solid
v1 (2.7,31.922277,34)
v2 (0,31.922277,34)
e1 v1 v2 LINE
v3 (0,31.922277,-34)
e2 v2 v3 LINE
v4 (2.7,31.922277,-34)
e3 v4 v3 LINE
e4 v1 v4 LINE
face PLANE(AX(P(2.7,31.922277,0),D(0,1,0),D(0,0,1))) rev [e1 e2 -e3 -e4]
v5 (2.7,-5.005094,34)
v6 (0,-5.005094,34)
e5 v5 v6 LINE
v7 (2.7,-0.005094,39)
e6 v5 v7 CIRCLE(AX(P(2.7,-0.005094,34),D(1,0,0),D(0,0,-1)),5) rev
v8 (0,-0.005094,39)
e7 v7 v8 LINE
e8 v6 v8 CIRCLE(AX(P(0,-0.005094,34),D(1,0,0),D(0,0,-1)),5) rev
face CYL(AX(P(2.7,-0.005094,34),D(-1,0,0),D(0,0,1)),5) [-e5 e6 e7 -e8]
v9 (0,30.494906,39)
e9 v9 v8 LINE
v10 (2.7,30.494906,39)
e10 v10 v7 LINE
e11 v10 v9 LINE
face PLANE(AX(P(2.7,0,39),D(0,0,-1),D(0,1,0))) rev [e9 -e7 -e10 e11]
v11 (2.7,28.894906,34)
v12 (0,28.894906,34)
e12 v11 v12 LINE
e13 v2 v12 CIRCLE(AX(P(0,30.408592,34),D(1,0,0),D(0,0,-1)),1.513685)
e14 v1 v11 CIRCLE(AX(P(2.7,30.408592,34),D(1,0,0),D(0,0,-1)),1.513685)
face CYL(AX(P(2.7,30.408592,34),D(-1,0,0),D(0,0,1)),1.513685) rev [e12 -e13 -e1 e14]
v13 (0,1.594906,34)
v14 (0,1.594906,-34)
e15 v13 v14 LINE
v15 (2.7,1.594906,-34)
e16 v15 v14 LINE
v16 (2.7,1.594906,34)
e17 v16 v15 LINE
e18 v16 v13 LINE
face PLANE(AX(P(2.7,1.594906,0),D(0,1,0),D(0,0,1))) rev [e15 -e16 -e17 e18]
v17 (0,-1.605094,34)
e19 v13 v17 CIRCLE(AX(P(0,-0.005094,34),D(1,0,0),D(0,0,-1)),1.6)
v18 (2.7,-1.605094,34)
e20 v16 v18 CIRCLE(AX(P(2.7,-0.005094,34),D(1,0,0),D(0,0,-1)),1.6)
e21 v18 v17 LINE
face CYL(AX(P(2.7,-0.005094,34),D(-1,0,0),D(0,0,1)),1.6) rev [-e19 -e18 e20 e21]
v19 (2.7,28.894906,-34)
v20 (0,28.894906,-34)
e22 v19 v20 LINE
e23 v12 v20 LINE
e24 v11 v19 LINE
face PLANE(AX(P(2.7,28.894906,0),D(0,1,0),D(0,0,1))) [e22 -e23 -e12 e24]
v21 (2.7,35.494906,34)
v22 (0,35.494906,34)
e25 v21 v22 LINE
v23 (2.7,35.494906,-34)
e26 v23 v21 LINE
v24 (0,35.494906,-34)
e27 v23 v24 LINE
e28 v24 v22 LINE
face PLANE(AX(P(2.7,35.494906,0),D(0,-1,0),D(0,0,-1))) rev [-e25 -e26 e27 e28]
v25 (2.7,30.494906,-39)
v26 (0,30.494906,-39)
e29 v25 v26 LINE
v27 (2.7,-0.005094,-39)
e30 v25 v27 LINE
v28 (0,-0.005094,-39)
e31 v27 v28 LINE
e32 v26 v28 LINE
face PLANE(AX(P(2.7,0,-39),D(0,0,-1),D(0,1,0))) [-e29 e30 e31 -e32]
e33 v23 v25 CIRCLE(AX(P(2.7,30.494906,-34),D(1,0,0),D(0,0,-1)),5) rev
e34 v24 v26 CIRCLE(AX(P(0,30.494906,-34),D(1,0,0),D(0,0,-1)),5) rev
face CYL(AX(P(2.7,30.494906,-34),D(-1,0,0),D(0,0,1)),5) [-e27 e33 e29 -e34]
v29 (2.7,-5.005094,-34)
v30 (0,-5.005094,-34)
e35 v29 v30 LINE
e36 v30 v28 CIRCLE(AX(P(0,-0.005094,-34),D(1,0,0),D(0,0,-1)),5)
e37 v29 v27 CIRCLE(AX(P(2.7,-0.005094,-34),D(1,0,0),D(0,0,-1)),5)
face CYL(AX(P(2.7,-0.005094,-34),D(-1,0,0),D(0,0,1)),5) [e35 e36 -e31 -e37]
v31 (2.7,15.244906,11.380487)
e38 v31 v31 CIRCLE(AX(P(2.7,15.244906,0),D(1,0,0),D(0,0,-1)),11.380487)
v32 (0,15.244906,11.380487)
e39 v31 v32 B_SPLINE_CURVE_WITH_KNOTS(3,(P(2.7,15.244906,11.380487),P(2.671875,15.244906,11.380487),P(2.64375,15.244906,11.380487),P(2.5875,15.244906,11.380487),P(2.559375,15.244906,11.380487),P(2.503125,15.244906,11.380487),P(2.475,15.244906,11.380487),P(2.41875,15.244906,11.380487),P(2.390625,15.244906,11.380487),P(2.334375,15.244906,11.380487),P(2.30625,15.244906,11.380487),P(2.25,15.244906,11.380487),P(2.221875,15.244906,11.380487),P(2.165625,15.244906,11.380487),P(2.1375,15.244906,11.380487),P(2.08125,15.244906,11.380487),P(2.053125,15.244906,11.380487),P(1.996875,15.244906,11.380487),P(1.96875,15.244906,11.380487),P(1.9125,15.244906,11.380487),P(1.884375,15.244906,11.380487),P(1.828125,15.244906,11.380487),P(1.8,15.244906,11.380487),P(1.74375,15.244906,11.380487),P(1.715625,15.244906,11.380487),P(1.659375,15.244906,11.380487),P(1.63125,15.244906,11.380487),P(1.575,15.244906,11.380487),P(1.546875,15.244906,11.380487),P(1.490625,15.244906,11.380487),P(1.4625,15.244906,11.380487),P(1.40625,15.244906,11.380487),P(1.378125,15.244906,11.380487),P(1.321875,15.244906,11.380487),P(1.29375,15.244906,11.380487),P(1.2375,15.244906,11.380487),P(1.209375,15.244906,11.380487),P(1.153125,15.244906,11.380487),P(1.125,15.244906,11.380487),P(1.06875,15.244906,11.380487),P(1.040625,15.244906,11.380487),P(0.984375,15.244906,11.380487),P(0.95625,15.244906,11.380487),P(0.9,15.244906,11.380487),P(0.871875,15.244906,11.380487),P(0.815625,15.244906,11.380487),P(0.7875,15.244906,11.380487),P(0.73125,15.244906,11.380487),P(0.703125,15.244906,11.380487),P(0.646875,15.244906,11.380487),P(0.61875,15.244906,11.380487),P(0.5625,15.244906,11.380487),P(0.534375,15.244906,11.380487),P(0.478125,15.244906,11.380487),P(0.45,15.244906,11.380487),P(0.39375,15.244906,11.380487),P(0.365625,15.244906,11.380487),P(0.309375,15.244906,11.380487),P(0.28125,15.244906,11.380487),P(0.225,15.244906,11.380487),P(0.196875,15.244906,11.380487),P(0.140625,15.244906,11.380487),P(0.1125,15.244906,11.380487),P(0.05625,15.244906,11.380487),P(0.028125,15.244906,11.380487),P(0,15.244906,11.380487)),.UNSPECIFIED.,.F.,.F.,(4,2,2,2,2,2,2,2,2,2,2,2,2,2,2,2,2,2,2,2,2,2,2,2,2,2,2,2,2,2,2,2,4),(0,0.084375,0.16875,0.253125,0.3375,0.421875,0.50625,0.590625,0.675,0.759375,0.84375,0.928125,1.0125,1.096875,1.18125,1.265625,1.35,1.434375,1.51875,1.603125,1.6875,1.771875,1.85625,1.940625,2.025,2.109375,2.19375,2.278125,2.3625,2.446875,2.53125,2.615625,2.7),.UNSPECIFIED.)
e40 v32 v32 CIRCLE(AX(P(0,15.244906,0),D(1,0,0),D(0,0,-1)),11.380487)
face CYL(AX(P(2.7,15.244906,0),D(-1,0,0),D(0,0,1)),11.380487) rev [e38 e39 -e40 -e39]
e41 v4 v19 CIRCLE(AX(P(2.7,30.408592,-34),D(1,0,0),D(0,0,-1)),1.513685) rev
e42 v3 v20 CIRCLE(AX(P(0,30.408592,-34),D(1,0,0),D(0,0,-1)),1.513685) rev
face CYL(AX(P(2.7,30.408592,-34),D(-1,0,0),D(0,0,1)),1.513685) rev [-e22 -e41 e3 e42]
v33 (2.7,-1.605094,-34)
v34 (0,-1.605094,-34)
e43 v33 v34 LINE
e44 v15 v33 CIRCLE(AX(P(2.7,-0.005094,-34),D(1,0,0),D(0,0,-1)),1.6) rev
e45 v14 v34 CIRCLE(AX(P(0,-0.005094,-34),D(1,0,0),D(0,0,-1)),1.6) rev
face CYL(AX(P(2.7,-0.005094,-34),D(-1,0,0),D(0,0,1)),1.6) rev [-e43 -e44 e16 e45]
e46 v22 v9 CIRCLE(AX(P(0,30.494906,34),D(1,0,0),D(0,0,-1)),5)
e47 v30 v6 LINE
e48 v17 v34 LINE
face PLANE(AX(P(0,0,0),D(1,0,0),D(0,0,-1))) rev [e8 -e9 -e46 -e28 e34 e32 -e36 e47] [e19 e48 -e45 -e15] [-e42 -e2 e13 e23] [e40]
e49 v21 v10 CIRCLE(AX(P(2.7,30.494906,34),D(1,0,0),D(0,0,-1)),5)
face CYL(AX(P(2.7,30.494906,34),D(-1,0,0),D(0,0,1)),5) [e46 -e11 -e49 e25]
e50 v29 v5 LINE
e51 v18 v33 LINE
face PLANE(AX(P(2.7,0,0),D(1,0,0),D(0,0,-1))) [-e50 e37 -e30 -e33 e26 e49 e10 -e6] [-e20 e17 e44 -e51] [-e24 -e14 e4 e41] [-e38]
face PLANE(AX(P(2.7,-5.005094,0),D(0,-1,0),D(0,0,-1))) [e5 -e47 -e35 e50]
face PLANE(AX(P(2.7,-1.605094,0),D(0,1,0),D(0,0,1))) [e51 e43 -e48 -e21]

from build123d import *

# Parameters (mm, degrees)
SKETCH_1_R      = 11.380487233
EXTRUDE_1_DEPTH = 2.7


with BuildPart() as part:
    # 草图1 → 凸台-拉伸1 (new body)
    with BuildSketch(Plane(origin=(0, 0, 0), x_dir=(0, 0, -1), z_dir=(1, 0, 0))):
        with BuildLine():
            Line((34, -5.005093632), (-34, -5.005093632))
            ThreePointArc((-34, -5.005093632), (-37.535533906, -3.540627537), (-39, -0.005093632))
            Line((-39, -0.005093632), (-39, 30.494906368))
            ThreePointArc((-39, 30.494906368), (-37.535533906, 34.030440274), (-34, 35.494906368))
            Line((-34, 35.494906368), (34, 35.494906368))
            ThreePointArc((34, 35.494906368), (37.535533906, 34.030440274), (39, 30.494906368))
            Line((39, 30.494906368), (39, -0.005093632))
            ThreePointArc((39, -0.005093632), (37.535533906, -3.540627537), (34, -5.005093632))
        make_face()
        with Locations(Location((0, 15.244906368, 0), (0, 0, 180))):
            Circle(SKETCH_1_R, mode=Mode.SUBTRACT)
        with BuildLine():
            Line((0, 1.594906368), (34, 1.594906368))
            ThreePointArc((34, 1.594906368), (35.6, -0.005093632), (34, -1.605093632))
            Line((34, -1.605093632), (0, -1.605093632))
            Line((0, -1.605093632), (-34, -1.605093632))
            ThreePointArc((-34, -1.605093632), (-35.6, -0.005093632), (-34, 1.594906368))
            Line((-34, 1.594906368), (0, 1.594906368))
        make_face(mode=Mode.SUBTRACT)
        with BuildLine():
            Line((0, 31.922276961), (34, 31.922276961))
            ThreePointArc((34, 31.922276961), (35.513685296, 30.408591665), (34, 28.894906368))
            Line((34, 28.894906368), (0, 28.894906368))
            Line((0, 28.894906368), (-34, 28.894906368))
            ThreePointArc((-34, 28.894906368), (-35.513685296, 30.408591665), (-34, 31.922276961))
            Line((-34, 31.922276961), (0, 31.922276961))
        make_face(mode=Mode.SUBTRACT)
    extrude(amount=EXTRUDE_1_DEPTH)


solid = part.part
